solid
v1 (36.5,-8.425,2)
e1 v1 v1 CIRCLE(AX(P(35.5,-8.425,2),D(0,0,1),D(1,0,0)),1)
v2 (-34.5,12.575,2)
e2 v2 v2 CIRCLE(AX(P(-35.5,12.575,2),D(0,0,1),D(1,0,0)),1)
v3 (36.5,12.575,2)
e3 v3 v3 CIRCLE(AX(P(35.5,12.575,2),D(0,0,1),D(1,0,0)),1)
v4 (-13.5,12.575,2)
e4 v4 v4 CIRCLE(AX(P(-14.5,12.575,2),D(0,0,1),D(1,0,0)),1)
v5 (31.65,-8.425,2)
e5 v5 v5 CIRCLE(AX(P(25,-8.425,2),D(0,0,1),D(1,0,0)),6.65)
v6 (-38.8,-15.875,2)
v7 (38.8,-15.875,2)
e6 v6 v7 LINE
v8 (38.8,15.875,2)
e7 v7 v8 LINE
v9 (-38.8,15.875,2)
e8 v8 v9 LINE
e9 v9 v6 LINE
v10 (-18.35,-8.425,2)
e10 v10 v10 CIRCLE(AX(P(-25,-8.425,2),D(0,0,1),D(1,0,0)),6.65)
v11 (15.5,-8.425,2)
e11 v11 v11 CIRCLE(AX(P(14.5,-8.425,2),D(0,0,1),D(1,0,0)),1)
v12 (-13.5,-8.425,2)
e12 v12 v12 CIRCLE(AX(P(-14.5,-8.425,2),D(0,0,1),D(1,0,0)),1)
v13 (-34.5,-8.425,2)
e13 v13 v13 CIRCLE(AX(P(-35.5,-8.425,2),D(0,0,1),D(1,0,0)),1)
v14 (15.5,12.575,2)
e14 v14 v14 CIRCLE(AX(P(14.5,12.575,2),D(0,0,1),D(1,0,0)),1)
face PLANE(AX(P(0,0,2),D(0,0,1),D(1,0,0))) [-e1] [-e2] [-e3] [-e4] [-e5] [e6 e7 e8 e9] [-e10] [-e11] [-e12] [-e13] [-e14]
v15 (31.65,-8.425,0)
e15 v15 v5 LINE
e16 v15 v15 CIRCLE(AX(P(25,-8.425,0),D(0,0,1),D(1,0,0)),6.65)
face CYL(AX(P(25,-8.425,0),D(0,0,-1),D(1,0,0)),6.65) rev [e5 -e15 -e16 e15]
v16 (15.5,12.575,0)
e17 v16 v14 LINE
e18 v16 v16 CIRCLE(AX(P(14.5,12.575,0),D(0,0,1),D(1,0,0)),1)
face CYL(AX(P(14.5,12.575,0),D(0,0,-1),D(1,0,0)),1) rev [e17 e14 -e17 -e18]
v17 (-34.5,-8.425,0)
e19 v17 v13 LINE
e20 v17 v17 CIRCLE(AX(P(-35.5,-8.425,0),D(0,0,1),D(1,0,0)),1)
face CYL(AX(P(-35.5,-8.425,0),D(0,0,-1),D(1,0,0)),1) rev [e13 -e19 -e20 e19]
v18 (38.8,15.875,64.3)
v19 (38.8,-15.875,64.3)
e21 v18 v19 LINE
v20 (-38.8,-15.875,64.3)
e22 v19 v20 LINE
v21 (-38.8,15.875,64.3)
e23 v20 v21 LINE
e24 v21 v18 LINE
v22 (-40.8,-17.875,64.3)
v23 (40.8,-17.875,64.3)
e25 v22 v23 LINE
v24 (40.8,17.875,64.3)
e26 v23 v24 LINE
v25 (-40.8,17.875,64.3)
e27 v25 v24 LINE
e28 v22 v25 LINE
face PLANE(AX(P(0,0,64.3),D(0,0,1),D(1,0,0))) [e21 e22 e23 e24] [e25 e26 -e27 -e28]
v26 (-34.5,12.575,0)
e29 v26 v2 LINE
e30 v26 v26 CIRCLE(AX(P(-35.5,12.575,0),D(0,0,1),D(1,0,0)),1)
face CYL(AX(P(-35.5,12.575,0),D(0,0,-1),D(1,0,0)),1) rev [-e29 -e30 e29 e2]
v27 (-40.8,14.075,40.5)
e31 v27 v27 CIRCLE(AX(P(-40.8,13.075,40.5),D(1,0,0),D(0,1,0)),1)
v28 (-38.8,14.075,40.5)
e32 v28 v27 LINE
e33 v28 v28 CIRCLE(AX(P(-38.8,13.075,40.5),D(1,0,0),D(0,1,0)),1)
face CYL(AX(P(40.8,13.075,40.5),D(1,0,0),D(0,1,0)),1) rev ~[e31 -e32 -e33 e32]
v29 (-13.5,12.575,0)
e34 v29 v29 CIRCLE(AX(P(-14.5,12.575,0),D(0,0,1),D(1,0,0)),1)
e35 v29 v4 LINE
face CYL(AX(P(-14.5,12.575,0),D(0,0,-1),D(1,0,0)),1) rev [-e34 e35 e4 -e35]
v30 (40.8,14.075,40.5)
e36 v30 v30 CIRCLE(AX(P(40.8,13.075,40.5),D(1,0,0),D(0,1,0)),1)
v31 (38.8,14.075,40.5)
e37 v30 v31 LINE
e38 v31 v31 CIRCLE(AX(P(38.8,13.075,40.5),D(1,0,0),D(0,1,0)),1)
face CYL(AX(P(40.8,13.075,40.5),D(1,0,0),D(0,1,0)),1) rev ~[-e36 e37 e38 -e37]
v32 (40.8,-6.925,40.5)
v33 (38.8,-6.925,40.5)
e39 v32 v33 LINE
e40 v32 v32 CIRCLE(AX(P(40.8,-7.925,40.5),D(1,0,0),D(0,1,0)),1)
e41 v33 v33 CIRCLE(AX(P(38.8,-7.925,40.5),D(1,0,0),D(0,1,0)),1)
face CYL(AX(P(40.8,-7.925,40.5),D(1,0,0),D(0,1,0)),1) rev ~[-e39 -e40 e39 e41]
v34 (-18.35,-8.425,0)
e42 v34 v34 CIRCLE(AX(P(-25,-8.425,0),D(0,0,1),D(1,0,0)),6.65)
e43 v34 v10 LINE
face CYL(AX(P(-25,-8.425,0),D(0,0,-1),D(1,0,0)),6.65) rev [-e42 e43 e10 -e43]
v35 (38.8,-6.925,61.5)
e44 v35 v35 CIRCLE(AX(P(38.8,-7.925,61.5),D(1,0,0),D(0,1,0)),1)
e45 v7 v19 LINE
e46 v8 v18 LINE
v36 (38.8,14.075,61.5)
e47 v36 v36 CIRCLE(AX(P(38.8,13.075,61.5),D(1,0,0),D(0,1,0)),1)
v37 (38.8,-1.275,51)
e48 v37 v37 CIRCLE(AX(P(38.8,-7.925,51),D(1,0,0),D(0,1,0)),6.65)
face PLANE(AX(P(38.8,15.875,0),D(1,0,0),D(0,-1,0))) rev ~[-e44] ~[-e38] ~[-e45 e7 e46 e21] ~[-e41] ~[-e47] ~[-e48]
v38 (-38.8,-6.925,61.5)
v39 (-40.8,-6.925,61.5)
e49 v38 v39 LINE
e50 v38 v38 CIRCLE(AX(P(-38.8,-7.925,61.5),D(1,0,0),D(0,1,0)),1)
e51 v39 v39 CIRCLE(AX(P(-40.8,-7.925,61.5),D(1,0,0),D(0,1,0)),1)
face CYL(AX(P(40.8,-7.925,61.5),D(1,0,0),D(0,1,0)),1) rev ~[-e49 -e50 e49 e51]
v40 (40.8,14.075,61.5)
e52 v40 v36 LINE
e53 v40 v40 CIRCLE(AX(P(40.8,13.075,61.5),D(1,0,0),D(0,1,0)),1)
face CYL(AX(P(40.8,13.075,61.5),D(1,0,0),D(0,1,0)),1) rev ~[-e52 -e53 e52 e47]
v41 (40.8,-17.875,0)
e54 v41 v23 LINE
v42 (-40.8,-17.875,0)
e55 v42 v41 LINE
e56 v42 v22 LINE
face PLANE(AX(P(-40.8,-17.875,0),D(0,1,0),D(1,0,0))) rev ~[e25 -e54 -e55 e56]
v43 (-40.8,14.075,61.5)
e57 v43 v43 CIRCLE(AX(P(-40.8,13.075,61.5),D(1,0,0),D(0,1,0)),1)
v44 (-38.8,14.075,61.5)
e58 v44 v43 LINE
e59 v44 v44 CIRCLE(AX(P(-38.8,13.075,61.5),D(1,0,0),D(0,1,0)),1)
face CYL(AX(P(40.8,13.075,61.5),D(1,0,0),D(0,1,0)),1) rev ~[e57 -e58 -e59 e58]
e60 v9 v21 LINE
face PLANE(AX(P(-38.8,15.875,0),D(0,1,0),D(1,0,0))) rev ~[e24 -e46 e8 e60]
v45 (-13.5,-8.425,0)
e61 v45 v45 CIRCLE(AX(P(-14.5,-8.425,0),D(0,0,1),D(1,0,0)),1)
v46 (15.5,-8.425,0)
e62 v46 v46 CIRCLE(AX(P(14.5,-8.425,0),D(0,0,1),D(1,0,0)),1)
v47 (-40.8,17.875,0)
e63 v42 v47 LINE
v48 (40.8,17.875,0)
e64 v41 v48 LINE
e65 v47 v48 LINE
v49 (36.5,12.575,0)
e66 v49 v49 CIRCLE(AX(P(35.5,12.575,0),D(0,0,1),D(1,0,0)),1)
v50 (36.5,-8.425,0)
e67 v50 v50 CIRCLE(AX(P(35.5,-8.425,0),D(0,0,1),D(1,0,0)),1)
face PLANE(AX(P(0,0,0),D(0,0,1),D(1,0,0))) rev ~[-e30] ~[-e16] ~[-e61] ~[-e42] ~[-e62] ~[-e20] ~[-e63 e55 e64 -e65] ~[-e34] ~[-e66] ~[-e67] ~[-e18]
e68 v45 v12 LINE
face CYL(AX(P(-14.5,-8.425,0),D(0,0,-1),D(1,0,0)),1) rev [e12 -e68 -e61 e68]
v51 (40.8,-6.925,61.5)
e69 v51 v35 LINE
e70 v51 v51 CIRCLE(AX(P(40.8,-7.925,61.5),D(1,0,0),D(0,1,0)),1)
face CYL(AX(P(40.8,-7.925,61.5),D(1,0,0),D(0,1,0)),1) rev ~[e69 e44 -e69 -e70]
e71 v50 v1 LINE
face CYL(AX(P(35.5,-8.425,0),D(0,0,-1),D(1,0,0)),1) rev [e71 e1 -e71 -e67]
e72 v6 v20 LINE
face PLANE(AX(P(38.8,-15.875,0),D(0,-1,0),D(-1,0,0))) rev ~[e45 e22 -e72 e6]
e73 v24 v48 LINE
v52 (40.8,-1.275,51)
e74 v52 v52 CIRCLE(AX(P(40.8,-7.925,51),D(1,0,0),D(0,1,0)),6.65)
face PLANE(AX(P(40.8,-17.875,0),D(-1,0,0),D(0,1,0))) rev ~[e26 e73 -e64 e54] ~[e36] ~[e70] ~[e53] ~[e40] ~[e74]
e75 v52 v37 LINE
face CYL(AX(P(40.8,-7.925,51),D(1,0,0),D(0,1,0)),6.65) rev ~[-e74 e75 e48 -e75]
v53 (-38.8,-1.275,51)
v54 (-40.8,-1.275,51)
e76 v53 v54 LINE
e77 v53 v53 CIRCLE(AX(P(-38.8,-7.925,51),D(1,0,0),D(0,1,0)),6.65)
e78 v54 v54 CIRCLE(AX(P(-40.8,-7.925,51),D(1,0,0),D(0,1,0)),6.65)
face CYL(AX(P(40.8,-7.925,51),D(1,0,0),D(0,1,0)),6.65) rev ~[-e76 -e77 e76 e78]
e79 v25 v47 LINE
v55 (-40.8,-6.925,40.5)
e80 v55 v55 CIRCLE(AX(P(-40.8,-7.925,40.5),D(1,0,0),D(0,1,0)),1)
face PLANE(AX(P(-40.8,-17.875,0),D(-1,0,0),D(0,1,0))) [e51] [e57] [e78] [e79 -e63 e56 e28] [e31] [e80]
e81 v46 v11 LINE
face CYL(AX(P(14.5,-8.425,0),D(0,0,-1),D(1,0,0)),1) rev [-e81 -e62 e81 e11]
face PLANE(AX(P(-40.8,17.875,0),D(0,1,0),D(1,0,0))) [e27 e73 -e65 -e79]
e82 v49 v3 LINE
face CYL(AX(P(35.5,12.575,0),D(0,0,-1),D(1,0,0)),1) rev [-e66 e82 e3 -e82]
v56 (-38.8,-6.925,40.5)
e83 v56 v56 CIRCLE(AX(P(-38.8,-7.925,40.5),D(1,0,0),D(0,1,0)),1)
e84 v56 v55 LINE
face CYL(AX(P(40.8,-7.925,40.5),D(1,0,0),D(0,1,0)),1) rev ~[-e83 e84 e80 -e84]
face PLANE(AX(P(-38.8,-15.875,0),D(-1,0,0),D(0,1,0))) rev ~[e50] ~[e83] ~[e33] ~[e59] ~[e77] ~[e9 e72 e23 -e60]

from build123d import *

# Parameters (mm, degrees)
F0_W     = 81.6
F0_H     = 35.75
F0_R     = 1
F0_R_2   = 6.65
F1_DEPTH = 2
F2_DEPTH = 64.3
F3_R     = 6.65
F3_R_2   = 1
F4_DEPTH = 81.601


with BuildPart() as f1:
    # F0 (on Top) → F1 (new body)
    with BuildSketch(Plane.XY):
        Rectangle(F0_W, F0_H)
        Polygon((-38.8, -15.875), (-38.8, 15.875), (0, 15.875), (38.8, 15.875), (38.8, -15.875), (0, -15.875), align=None, mode=Mode.SUBTRACT)
        Polygon((0, 15.875), (-38.8, 15.875), (-38.8, -15.875), (0, -15.875), (38.8, -15.875), (38.8, 15.875), align=None)
        with Locations((-35.5, -8.425)):
            Circle(F0_R, mode=Mode.SUBTRACT)
        with Locations((-25, -8.425)):
            Circle(F0_R_2, mode=Mode.SUBTRACT)
        with Locations((-14.5, -8.425)):
            Circle(F0_R, mode=Mode.SUBTRACT)
        with Locations((14.5, -8.425)):
            Circle(F0_R, mode=Mode.SUBTRACT)
        with Locations((25, -8.425)):
            Circle(F0_R_2, mode=Mode.SUBTRACT)
        with Locations((35.5, -8.425)):
            Circle(F0_R, mode=Mode.SUBTRACT)
        with Locations((-35.5, 12.575)):
            Circle(F0_R, mode=Mode.SUBTRACT)
        with Locations((-14.5, 12.575)):
            Circle(F0_R, mode=Mode.SUBTRACT)
        with Locations((14.5, 12.575)):
            Circle(F0_R, mode=Mode.SUBTRACT)
        with Locations((35.5, 12.575)):
            Circle(F0_R, mode=Mode.SUBTRACT)
    extrude(amount=F1_DEPTH)

    # F0 (on Top) → F2 (join)
    with BuildSketch(Plane.XY):
        Rectangle(F0_W, F0_H)
        Polygon((-38.8, -15.875), (-38.8, 15.875), (0, 15.875), (38.8, 15.875), (38.8, -15.875), (0, -15.875), align=None, mode=Mode.SUBTRACT)
    extrude(amount=F2_DEPTH)

    # F3 (on face) → F4 (cut, through all)
    with BuildSketch(Plane.YZ.offset(40.8)):
        with Locations((-7.925, 51)):
            Circle(F3_R)
        with Locations((-7.925, 61.5)):
            Circle(F3_R_2)
        with Locations((-7.925, 40.5)):
            Circle(F3_R_2)
        with Locations((13.075, 40.5)):
            Circle(F3_R_2)
        with Locations((13.075, 61.5)):
            Circle(F3_R_2)
    extrude(amount=-F4_DEPTH, mode=Mode.SUBTRACT)


solid = f1.part
